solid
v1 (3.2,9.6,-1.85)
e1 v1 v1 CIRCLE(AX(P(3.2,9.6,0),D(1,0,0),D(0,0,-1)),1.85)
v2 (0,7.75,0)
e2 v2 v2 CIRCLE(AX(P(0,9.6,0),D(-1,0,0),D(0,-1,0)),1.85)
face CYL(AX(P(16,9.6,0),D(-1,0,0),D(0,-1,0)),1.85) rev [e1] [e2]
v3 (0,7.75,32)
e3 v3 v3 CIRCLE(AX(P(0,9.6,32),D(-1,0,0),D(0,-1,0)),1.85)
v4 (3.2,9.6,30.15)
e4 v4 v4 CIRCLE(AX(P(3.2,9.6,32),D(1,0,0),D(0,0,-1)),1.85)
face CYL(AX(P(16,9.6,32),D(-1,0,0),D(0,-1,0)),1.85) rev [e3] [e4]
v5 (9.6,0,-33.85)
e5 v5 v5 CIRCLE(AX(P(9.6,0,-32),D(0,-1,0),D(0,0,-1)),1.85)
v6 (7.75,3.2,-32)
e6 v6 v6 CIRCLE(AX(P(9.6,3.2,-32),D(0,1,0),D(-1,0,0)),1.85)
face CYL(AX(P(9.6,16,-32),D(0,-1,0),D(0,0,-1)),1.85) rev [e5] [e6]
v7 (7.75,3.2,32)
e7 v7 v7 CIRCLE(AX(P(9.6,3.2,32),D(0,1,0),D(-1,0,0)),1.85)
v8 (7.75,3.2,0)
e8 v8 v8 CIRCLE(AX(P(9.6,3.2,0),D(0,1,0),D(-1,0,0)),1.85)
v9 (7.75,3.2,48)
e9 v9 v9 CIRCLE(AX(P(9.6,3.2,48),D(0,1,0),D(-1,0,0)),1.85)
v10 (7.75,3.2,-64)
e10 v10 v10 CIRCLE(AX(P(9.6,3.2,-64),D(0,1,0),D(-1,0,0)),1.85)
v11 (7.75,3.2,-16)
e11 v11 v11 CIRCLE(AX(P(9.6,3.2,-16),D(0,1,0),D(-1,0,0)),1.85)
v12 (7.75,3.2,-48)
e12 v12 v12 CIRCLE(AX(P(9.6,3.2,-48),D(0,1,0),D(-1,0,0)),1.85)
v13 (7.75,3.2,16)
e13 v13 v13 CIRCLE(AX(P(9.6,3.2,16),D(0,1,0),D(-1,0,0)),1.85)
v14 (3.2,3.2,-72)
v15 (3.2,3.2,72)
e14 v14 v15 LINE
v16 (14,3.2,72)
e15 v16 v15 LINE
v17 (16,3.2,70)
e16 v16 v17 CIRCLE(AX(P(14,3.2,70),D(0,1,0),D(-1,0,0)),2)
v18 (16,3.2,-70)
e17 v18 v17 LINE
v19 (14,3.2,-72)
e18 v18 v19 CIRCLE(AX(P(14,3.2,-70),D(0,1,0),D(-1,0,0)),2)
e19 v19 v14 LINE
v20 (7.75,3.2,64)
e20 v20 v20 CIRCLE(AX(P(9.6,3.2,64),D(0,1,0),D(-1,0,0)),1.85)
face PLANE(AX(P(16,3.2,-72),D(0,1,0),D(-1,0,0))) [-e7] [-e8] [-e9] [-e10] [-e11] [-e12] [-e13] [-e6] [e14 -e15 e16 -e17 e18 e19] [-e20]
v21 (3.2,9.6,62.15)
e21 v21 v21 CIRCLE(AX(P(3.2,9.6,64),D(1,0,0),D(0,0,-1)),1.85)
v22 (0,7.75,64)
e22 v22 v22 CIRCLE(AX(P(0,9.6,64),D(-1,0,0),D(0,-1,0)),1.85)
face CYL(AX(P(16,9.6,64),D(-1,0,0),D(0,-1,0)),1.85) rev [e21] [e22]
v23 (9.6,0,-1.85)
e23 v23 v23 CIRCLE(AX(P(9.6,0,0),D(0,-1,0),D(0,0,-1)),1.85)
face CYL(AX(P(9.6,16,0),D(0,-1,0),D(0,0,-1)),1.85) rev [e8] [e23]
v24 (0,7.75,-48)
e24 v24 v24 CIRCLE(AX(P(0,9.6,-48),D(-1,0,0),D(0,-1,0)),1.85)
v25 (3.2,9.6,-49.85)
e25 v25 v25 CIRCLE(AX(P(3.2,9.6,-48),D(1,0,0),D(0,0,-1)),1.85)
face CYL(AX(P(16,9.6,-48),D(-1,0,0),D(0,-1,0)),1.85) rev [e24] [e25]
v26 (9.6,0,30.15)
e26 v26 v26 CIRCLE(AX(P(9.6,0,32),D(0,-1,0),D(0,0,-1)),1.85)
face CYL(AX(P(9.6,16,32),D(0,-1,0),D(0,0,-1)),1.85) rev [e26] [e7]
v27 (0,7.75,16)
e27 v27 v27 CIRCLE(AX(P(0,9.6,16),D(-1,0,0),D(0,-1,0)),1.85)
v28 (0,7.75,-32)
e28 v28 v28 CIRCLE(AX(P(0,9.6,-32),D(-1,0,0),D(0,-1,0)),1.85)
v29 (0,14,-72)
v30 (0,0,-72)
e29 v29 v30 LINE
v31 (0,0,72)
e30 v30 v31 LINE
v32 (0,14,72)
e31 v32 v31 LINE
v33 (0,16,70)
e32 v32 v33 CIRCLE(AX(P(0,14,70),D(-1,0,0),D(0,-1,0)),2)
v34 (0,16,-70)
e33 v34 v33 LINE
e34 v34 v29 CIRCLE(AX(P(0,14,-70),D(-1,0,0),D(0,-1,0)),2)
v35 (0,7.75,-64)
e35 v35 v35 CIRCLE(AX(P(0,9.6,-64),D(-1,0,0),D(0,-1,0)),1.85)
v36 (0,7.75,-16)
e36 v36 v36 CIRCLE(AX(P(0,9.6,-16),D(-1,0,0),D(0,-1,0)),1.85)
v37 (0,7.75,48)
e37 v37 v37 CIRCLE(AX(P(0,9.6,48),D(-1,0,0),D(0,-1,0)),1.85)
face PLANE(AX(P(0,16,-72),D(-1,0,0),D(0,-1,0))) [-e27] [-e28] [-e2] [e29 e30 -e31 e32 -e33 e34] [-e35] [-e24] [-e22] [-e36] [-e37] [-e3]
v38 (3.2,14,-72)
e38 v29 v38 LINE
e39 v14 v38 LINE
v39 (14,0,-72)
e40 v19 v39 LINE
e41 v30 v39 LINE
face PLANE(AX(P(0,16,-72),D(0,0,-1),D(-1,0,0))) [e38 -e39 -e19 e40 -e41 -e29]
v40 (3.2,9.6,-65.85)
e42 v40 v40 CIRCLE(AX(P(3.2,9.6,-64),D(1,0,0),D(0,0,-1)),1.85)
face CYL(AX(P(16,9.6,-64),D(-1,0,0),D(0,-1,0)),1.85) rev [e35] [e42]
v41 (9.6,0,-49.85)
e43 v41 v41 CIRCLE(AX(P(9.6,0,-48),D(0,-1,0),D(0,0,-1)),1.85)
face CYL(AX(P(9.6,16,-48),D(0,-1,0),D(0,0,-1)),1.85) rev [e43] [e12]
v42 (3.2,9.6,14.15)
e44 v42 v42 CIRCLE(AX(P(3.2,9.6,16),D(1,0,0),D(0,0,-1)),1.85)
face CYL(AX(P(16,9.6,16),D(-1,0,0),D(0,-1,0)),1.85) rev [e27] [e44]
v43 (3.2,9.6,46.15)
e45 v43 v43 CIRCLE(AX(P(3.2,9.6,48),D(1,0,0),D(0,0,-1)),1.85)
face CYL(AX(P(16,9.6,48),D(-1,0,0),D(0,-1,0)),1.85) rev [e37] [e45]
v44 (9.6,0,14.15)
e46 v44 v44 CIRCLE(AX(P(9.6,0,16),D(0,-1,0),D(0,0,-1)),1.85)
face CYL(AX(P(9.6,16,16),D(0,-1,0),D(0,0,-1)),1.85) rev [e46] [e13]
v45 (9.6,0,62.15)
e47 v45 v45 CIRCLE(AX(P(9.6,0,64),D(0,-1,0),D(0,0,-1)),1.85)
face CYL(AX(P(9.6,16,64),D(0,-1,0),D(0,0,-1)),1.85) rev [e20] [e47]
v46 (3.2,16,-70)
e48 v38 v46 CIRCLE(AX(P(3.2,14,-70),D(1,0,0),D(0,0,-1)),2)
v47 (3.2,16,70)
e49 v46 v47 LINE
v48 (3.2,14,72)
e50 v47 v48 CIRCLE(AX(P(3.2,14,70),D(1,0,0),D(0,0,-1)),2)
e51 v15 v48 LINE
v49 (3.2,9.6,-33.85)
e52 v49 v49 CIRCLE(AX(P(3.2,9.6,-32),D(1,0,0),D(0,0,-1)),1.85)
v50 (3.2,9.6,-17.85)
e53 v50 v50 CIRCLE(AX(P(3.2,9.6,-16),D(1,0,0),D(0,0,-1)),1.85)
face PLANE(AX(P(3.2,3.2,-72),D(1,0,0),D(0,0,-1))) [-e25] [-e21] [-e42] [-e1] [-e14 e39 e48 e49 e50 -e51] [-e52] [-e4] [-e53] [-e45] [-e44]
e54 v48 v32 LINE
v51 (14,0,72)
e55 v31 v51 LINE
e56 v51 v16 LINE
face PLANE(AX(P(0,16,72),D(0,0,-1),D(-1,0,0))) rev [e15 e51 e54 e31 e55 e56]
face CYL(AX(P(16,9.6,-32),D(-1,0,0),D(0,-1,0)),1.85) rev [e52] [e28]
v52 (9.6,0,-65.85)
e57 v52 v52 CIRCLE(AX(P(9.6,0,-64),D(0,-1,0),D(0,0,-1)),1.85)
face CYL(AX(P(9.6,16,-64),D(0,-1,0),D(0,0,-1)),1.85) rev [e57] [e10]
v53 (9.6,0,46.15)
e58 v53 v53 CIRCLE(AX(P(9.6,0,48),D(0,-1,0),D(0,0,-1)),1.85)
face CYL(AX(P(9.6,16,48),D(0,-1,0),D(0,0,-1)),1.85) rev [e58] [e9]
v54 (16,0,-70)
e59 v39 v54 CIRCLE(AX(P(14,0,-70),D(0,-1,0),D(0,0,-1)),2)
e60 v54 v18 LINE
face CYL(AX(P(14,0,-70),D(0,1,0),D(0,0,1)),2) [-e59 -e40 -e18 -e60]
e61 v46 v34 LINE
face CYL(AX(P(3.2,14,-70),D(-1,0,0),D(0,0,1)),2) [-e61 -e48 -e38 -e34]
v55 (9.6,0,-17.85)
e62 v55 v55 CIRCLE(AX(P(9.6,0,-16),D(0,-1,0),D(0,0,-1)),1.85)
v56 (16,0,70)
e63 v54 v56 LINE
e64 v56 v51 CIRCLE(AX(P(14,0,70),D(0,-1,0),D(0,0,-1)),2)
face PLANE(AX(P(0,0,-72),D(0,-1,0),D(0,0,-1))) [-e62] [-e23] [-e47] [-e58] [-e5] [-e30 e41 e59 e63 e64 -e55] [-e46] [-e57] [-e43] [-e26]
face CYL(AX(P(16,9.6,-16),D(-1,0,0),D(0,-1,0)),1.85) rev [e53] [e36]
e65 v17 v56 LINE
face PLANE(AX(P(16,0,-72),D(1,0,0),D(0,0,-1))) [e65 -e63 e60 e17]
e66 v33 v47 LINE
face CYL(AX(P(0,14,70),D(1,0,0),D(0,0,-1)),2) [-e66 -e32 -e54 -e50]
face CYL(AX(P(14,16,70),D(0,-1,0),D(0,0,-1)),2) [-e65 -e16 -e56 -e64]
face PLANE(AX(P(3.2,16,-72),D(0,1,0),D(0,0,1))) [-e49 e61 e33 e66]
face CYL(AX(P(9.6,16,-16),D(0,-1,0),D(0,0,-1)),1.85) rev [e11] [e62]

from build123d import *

# Parameters (mm, degrees)
EXTRUDE1_DEPTH      = 72
FILLET1_R           = 2
SKETCH2_R           = 1.85
CUT_EXTRUDE1_DEPTH  = 17
SKETCH3_R           = 1.85
CUT_EXTRUDE2_DEPTH  = 17
LPATTERN1_COUNT     = 5
LPATTERN1_PITCH     = 16
LPATTERN1_COL_COUNT = 5
LPATTERN1_COL_PITCH = 16


with BuildPart() as part:
    # Sketch1 → Extrude1 (new body, symmetric)
    with BuildSketch(Plane.XY):
        Polygon((0, 0), (16, 0), (16, 3.2), (3.2, 3.2), (3.2, 16), (0, 16), align=None)
    extrude(amount=EXTRUDE1_DEPTH, both=True)

    # Fillet1
    fillet1_edges = [part.edges().sort_by_distance(p)[0] for p in [
        (16, 1.6, -72),
        (1.6, 16, -72),
        (1.6, 16, 72),
        (16, 1.6, 72),
    ]]
    fillet(fillet1_edges, radius=FILLET1_R)

    # Sketch2 → Cut-Extrude1 (cut, through all)
    with BuildSketch(Plane.ZY):
        with Locations((0, 9.6)):
            Circle(SKETCH2_R)
    cut_extrude1 = extrude(amount=-CUT_EXTRUDE1_DEPTH, mode=Mode.SUBTRACT)

    # Sketch3 → Cut-Extrude2 (cut, through all)
    with BuildSketch(Plane.XZ):
        with Locations((9.6, 0)):
            Circle(SKETCH3_R)
    cut_extrude2 = extrude(amount=-CUT_EXTRUDE2_DEPTH, mode=Mode.SUBTRACT)

    # LPattern1: Cut-Extrude1, Cut-Extrude2 ×5
    with Locations(*[(0, 0, i * LPATTERN1_PITCH) for i in range(1, LPATTERN1_COUNT)]):
        add(cut_extrude1, mode=Mode.SUBTRACT)
        add(cut_extrude2, mode=Mode.SUBTRACT)

    # LPattern1 col: Cut-Extrude1, Cut-Extrude2 ×5
    with Locations(*[(0, 0, -i * LPATTERN1_COL_PITCH) for i in range(1, LPATTERN1_COL_COUNT)]):
        add(cut_extrude1, mode=Mode.SUBTRACT)
        add(cut_extrude2, mode=Mode.SUBTRACT)


solid = part.part
